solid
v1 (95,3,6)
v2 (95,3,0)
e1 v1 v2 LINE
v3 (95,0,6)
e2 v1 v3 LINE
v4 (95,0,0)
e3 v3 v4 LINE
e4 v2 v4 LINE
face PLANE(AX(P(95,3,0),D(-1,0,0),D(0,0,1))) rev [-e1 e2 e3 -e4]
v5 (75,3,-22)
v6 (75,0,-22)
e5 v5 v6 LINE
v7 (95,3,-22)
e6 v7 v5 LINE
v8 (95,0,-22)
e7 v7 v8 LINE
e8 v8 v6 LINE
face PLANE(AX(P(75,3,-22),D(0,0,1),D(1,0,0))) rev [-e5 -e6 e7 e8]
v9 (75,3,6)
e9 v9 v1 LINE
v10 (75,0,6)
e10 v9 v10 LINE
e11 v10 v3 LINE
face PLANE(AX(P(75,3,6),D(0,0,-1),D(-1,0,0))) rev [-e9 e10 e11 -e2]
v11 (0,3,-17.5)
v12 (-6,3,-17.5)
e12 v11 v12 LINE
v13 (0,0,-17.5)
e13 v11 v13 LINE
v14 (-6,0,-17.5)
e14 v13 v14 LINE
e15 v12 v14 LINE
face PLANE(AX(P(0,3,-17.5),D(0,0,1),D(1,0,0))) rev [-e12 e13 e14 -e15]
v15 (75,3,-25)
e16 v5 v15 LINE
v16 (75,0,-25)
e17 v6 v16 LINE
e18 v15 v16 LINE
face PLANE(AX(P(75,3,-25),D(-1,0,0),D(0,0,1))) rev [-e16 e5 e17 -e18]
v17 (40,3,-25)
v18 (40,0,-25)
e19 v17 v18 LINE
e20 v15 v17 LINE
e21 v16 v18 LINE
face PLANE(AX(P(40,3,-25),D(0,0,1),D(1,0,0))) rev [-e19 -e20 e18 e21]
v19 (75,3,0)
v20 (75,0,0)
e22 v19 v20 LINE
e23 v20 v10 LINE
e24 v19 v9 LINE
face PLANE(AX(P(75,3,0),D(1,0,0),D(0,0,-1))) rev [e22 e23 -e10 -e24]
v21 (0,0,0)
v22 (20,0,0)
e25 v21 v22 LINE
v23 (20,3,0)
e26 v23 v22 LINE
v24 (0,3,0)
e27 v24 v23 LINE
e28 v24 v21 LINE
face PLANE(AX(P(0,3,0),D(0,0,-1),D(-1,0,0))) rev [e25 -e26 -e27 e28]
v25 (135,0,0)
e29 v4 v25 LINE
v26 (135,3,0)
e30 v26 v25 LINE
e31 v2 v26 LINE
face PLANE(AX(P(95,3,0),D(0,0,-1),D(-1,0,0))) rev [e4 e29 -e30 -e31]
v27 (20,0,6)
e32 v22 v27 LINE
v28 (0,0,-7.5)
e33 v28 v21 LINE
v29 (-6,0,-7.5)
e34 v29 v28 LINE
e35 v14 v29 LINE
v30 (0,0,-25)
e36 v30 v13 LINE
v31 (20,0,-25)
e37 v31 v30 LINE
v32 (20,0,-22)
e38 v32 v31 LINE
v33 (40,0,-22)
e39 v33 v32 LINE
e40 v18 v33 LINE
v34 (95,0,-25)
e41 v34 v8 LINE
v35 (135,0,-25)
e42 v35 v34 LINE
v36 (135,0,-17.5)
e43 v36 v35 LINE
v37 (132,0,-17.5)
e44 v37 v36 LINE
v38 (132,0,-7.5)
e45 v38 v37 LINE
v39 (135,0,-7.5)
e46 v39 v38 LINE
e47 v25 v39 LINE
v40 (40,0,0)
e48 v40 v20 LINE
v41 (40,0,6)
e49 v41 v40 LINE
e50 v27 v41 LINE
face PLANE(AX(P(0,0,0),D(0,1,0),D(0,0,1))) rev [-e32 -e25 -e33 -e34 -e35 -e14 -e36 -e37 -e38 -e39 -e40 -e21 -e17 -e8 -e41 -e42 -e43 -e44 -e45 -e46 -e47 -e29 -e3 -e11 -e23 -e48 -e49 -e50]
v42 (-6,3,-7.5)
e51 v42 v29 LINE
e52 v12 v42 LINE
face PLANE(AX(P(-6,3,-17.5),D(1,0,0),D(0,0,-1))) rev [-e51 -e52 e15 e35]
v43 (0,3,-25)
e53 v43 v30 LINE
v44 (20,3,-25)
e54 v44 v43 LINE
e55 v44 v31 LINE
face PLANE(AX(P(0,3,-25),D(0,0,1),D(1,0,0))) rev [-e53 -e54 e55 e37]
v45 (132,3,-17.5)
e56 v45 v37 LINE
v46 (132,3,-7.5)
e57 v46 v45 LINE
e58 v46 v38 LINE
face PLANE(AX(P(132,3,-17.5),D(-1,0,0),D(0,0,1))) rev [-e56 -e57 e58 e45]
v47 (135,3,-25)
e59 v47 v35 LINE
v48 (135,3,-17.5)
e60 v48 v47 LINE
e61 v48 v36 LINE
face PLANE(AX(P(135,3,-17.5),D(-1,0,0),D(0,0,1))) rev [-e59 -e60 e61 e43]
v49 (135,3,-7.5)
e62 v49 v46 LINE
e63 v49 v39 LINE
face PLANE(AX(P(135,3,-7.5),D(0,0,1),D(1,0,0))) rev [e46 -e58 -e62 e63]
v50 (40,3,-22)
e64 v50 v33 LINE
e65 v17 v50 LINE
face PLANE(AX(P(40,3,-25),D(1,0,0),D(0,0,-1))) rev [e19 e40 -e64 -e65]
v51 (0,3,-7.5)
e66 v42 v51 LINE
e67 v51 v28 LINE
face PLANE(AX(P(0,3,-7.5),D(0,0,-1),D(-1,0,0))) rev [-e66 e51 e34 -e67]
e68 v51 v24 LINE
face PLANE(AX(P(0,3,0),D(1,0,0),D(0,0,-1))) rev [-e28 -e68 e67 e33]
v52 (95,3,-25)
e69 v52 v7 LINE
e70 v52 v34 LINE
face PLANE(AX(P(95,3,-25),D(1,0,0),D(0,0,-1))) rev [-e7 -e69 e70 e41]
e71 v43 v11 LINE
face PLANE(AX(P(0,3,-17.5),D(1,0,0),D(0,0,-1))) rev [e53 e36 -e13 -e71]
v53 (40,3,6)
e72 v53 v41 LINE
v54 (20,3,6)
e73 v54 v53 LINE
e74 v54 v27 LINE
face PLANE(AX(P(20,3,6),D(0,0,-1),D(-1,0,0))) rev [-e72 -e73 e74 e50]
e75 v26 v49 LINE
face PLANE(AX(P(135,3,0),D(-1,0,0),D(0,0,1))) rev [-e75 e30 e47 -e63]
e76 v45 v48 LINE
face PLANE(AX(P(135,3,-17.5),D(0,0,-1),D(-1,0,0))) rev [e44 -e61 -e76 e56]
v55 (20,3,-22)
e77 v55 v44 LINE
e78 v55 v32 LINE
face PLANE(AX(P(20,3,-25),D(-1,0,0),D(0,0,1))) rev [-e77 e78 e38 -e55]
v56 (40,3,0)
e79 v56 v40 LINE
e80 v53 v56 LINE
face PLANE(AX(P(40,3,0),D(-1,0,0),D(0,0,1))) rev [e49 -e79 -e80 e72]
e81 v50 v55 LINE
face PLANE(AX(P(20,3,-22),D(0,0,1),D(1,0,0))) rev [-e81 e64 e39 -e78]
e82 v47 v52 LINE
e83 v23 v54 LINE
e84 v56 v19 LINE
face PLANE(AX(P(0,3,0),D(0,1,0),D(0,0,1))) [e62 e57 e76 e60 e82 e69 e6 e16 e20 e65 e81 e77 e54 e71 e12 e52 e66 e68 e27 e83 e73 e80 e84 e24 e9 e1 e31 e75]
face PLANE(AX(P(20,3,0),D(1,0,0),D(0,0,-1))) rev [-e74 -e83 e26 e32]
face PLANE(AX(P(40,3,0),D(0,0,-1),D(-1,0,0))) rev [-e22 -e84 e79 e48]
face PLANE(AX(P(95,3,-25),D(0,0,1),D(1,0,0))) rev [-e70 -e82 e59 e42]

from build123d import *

# Parameters (mm, degrees)
EXTRUDE_1_DEPTH = 3


with BuildPart() as part:
    # Эскиз1 → Бобышка-Вытянуть1 (new body)
    with BuildSketch(Plane(origin=(0, 0, 0), x_dir=(1, 0, 0), z_dir=(0, 1, 0))):
        Polygon((135, 17.5), (135, 25), (95, 25), (95, 22), (75, 22), (75, 25), (40, 25), (40, 22), (20, 22), (20, 25), (0, 25), (0, 17.5), (-6, 17.5), (-6, 7.5), (0, 7.5), (0, 0), (20, 0), (20, -6), (40, -6), (40, 0), (75, 0), (75, -6), (95, -6), (95, 0), (135, 0), (135, 7.5), (132, 7.5), (132, 17.5), align=None)
    extrude(amount=EXTRUDE_1_DEPTH)


solid = part.part
